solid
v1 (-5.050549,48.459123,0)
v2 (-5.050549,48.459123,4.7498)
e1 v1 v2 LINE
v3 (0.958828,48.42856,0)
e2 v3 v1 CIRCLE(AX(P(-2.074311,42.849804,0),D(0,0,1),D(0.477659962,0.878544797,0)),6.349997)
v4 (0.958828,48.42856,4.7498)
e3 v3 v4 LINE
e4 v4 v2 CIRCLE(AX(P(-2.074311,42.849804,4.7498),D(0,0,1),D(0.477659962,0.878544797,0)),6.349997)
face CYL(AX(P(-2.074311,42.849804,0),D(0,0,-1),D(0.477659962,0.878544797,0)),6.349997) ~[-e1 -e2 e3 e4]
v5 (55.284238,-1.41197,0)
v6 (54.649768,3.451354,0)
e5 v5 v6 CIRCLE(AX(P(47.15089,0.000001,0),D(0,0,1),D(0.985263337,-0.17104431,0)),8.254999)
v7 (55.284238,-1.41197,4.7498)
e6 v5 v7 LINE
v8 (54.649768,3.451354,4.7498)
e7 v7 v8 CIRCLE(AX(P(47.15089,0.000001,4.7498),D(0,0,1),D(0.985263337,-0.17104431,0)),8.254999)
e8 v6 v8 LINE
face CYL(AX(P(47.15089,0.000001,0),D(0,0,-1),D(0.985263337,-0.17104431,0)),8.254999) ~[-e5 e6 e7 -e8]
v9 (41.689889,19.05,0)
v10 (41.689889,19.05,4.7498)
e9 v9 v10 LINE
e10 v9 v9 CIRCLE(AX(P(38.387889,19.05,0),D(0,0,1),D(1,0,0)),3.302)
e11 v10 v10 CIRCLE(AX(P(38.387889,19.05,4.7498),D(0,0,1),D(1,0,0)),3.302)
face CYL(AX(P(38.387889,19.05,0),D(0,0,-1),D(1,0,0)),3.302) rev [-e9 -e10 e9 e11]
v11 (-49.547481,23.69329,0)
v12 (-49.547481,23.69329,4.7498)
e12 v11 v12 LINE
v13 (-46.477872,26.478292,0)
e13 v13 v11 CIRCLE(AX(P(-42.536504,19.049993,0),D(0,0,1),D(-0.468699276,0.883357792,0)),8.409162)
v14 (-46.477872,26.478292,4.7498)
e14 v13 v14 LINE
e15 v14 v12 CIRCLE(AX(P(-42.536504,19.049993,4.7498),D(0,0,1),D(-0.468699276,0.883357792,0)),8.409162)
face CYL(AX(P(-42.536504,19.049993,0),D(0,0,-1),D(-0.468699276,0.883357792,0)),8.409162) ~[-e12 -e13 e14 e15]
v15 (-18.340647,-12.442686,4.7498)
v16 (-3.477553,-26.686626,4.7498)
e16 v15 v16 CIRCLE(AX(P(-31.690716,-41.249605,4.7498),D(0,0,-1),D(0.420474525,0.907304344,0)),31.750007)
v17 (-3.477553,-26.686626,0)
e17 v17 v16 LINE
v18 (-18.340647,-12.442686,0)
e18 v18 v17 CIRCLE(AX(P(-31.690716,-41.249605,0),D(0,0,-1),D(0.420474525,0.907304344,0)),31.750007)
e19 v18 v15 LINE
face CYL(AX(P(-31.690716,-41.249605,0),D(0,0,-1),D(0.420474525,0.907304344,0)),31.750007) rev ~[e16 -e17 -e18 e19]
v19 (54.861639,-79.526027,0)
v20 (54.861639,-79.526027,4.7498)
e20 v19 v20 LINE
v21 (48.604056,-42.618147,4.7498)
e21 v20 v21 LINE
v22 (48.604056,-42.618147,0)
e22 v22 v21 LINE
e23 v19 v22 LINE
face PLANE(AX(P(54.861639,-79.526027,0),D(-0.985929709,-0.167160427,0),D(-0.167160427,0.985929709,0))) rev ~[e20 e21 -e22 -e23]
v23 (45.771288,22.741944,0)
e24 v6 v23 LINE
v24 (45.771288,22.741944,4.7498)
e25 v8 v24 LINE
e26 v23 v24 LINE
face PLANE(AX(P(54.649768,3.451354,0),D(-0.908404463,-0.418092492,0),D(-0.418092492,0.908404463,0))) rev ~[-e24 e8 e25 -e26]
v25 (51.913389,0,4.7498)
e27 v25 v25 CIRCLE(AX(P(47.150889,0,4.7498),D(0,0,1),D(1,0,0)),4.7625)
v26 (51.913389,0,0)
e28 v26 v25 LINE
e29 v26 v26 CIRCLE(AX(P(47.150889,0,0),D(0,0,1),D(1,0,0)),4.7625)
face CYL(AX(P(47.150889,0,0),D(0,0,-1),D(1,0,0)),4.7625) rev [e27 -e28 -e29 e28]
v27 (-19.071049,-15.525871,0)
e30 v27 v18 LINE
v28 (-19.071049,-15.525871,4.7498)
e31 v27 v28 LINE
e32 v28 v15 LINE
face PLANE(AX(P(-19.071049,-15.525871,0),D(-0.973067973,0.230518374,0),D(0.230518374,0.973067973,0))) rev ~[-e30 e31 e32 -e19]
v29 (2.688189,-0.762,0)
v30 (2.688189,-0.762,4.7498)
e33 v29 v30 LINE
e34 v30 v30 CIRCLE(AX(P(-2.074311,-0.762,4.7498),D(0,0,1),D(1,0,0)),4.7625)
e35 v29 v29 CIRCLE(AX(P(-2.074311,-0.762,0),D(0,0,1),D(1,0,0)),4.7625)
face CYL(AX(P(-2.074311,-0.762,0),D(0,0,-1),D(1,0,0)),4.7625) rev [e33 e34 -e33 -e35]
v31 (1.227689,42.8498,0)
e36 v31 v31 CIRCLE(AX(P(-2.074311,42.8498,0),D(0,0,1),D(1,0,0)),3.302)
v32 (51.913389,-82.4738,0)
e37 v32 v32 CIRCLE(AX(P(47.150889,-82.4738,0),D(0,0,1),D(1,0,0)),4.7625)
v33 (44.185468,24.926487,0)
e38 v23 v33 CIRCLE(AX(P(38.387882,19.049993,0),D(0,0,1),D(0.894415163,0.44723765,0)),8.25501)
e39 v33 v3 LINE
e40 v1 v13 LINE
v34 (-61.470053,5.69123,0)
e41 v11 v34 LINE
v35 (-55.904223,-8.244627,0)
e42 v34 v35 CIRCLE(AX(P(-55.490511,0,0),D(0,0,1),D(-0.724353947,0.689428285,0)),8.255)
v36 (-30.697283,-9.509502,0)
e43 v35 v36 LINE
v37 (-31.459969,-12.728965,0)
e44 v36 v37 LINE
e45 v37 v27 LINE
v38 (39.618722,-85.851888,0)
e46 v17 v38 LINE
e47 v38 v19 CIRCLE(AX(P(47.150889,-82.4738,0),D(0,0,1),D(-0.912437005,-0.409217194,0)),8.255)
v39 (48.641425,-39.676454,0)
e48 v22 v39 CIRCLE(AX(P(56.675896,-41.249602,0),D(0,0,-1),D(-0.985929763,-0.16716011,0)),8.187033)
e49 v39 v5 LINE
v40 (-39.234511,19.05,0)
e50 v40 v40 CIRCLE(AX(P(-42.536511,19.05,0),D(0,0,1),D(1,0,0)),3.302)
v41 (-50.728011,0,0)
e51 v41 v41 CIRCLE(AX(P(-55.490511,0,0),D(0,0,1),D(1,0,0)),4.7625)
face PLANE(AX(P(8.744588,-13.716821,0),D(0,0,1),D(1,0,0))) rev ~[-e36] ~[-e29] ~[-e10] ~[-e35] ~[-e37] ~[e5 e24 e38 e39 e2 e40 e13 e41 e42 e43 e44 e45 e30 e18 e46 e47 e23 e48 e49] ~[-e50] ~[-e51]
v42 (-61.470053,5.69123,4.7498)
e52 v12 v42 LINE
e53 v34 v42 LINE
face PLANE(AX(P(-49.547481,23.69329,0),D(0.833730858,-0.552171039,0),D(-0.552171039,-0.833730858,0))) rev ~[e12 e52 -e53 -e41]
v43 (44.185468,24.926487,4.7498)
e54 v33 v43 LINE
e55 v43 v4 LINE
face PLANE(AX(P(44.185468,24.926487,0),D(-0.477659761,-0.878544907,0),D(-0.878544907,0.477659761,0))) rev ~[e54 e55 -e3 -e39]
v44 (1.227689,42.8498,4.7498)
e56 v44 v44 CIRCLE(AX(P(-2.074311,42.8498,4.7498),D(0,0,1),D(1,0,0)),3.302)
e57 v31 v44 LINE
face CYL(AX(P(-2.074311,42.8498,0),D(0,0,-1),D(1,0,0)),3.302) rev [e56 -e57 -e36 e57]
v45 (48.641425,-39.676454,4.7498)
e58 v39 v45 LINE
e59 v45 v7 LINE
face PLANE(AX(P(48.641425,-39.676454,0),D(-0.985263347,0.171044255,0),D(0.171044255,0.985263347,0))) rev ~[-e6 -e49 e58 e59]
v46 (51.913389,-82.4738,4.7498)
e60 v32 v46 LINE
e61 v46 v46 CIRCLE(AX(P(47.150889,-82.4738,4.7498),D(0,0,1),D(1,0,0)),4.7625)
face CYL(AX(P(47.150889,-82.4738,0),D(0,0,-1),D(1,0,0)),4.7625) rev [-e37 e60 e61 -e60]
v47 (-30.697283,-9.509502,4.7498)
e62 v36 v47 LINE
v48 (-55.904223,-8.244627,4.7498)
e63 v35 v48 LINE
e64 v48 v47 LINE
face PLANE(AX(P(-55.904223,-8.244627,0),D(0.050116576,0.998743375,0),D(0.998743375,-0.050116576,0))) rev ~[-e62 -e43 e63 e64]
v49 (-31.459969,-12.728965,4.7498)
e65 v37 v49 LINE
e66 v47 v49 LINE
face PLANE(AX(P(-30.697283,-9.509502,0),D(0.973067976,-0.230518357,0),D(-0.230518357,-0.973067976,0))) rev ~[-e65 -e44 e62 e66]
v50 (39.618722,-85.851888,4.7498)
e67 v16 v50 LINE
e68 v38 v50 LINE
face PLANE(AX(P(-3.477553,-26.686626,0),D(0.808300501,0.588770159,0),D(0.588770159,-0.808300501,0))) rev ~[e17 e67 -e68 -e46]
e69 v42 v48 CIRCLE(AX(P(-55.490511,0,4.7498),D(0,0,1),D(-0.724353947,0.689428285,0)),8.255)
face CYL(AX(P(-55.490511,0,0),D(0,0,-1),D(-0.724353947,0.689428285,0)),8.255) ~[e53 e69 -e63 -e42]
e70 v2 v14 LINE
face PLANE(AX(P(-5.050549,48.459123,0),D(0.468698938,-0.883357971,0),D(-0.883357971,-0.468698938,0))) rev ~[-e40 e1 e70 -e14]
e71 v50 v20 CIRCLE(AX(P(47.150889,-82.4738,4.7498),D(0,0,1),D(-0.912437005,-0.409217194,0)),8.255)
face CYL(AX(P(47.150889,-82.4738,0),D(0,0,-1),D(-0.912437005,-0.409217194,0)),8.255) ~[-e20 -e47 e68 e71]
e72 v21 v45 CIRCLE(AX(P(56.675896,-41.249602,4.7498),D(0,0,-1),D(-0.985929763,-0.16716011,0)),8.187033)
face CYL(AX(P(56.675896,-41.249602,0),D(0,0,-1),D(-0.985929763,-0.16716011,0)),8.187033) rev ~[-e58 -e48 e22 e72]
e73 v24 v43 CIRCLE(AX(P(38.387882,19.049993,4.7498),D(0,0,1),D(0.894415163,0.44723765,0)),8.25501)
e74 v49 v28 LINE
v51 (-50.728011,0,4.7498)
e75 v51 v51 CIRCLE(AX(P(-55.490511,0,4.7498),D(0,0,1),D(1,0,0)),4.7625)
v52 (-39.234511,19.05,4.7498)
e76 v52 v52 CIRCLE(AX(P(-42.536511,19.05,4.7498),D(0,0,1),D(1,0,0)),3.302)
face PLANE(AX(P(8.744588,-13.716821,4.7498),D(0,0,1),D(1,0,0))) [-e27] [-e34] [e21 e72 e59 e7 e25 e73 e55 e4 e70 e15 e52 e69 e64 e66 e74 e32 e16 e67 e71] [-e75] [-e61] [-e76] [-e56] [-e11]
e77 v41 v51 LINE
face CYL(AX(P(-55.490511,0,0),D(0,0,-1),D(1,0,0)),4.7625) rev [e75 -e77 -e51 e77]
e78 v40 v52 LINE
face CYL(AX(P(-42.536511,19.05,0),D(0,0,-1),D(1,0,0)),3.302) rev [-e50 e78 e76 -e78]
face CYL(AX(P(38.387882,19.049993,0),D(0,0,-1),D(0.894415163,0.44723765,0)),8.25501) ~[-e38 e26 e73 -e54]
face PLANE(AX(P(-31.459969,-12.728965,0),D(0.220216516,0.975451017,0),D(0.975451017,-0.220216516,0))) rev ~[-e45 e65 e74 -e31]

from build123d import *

# Parameters (mm, degrees)
F0_R     = 4.7625
F0_R_2   = 3.302
F1_DEPTH = 4.7498


with BuildPart() as f1:
    # F0 (on Top) → F1 (new body)
    with BuildSketch(Plane.XY):
        with BuildLine():
            Line((44.185468, 24.926487), (0.958828, 48.42856))
            ThreePointArc((0.958828, 48.42856), (-2.042016, 49.199718), (-5.050549, 48.459123))
            Line((-5.050549, 48.459123), (-46.477872, 26.478292))
            ThreePointArc((-46.477872, 26.478292), (-48.186948, 25.277873), (-49.547481, 23.69329))
            Line((-49.547481, 23.69329), (-61.470053, 5.69123))
            ThreePointArc((-61.470053, 5.69123), (-63.1567, -3.061793), (-55.904223, -8.244627))
            Line((-55.904223, -8.244627), (-30.697283, -9.509502))
            Line((-30.697283, -9.509502), (-31.459969, -12.728965))
            Line((-31.459969, -12.728965), (-19.071049, -15.525871))
            Line((-19.071049, -15.525871), (-18.340647, -12.442686))
            ThreePointArc((-18.340647, -12.442686), (-9.722602, -18.326584), (-3.477553, -26.686626))
            Line((-3.477553, -26.686626), (39.618722, -85.851888))
            ThreePointArc((39.618722, -85.851888), (50.31508, -90.098295), (54.861639, -79.526027))
            Line((54.861639, -79.526027), (48.604056, -42.618147))
            ThreePointArc((48.604056, -42.618147), (48.489523, -41.145608), (48.641425, -39.676454))
            Line((48.641425, -39.676454), (55.284238, -1.41197))
            ThreePointArc((55.284238, -1.41197), (55.336524, 1.067899), (54.649768, 3.451354))
            Line((54.649768, 3.451354), (45.771288, 22.741944))
            ThreePointArc((45.771288, 22.741944), (45.068278, 23.899477), (44.185468, 24.926487))
        make_face()
        with Locations((47.150889, -82.4738)):
            Circle(F0_R, mode=Mode.SUBTRACT)
        with Locations((-55.490511, 0)):
            Circle(F0_R, mode=Mode.SUBTRACT)
        with Locations((-42.536511, 19.05)):
            Circle(F0_R_2, mode=Mode.SUBTRACT)
        with Locations((-2.074311, -0.762)):
            Circle(F0_R, mode=Mode.SUBTRACT)
        with Locations((47.150889, 0)):
            Circle(F0_R, mode=Mode.SUBTRACT)
        with Locations((-2.074311, 42.8498)):
            Circle(F0_R_2, mode=Mode.SUBTRACT)
        with Locations((38.387889, 19.05)):
            Circle(F0_R_2, mode=Mode.SUBTRACT)
    extrude(amount=F1_DEPTH)


solid = f1.part
